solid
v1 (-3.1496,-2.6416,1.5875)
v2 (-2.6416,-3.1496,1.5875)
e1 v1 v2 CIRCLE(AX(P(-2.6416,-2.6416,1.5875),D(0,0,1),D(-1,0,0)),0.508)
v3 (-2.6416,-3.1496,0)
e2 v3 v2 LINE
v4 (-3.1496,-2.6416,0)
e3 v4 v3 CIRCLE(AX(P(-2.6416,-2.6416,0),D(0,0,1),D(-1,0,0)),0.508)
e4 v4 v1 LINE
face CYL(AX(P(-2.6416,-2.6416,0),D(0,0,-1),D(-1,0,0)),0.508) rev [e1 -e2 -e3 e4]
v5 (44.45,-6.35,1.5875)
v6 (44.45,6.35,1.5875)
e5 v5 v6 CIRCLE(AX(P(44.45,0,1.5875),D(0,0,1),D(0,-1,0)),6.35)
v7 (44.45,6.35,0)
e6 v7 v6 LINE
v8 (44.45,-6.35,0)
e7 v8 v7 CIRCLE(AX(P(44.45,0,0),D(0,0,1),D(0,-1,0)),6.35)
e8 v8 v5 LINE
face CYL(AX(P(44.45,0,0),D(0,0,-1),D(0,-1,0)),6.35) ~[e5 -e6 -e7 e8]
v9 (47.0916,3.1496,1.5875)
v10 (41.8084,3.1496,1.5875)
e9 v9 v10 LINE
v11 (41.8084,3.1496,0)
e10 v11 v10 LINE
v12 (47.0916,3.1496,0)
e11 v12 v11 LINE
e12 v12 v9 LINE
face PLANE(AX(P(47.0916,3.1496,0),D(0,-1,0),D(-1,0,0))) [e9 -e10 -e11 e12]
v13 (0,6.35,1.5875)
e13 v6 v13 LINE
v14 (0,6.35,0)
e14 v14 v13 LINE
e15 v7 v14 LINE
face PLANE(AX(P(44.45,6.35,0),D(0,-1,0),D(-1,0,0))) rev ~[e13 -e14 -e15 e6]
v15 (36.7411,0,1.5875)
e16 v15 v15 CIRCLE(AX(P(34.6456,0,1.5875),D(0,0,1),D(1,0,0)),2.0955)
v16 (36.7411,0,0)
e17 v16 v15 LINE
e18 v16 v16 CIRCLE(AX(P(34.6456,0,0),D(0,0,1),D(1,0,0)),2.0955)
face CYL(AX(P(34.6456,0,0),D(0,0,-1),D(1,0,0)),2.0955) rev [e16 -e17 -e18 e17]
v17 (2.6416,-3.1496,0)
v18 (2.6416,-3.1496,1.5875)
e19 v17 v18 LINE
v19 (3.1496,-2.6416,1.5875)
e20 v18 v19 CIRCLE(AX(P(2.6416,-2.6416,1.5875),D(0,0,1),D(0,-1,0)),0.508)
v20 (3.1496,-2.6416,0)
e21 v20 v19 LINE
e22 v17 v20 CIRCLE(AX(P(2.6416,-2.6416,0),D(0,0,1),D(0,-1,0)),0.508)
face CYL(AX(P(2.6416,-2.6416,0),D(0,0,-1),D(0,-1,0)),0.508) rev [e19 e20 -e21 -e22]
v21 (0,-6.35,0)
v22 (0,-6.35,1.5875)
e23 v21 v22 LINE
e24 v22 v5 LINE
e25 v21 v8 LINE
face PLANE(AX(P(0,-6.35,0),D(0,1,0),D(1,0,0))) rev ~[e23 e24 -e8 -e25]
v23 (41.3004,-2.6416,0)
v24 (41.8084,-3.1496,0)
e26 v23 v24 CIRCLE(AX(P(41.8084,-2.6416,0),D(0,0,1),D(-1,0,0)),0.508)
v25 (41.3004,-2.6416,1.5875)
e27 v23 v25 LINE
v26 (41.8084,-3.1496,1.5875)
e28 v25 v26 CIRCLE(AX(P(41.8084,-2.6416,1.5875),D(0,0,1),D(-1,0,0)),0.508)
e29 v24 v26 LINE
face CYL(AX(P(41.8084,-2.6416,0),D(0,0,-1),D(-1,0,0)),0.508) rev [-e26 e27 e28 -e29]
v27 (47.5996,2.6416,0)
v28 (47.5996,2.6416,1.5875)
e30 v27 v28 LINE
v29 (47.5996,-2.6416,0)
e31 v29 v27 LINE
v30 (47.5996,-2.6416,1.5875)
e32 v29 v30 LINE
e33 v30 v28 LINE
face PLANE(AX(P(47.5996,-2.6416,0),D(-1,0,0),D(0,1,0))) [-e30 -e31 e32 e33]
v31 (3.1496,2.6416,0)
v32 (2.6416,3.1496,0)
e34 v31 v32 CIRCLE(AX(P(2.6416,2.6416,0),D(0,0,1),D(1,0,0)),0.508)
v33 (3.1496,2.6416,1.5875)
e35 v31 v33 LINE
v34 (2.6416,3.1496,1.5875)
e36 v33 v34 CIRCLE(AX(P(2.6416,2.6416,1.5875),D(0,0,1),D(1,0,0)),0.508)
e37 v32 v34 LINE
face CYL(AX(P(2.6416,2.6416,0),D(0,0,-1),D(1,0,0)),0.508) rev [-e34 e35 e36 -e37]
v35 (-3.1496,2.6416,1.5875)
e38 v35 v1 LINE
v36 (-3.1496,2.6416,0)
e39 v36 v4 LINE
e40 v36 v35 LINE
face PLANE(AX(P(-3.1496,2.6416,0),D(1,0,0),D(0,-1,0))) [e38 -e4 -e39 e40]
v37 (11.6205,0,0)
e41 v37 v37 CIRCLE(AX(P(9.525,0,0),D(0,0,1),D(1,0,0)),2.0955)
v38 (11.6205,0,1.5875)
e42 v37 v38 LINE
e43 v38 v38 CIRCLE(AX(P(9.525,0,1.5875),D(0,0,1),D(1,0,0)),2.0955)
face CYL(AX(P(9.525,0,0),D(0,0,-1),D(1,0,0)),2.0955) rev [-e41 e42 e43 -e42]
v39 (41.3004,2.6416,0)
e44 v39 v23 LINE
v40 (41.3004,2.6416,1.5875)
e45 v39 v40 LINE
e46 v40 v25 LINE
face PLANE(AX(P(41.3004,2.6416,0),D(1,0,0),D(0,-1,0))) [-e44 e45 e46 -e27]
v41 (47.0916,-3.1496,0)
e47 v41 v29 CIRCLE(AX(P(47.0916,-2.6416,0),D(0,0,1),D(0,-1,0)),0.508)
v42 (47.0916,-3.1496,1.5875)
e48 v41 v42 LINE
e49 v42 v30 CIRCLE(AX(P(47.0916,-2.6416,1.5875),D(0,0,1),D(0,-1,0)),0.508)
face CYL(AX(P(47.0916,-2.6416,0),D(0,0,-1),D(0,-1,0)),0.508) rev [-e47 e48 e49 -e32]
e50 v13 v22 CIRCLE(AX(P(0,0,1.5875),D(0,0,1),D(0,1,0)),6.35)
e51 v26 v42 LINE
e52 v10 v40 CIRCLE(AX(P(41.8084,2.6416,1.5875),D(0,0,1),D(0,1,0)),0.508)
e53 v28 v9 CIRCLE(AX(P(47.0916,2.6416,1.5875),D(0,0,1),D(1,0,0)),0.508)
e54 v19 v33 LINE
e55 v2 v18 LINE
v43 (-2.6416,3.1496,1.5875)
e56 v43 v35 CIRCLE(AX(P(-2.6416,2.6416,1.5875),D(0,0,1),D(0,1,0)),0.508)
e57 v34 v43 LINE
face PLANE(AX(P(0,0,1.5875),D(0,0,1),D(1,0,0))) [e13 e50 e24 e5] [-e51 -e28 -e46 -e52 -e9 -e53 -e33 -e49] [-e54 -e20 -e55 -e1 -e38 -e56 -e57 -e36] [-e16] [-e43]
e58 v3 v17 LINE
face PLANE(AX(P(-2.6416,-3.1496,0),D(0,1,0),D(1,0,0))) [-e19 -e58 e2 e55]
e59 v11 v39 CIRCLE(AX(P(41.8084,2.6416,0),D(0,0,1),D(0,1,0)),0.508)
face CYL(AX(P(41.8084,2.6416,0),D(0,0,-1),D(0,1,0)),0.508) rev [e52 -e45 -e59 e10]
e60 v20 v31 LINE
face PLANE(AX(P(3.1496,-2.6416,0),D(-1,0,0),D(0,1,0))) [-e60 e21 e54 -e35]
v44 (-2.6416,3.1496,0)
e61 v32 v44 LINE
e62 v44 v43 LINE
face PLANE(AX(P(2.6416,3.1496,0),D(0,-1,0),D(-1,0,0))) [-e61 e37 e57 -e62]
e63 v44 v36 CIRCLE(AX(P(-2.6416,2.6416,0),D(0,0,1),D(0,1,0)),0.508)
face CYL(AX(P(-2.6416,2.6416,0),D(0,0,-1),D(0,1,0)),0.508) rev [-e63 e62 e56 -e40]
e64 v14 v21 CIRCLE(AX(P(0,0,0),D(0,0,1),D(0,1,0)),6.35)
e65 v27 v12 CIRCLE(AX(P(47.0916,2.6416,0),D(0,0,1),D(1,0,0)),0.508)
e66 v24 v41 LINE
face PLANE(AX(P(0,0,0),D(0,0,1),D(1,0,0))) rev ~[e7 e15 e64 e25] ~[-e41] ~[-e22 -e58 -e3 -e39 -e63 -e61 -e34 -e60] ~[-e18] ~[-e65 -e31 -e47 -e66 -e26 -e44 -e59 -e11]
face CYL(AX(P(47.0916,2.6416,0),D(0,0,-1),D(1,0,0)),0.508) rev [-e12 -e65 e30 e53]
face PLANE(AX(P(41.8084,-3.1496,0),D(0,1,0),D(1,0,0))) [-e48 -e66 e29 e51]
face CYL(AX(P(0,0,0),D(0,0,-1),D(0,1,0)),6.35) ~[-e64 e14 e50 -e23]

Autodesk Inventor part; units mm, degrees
ref_plane "YZ Plane" through (0, 0, 0) normal (1, 0, 0) x (0, 1, 0)
ref_plane "XZ Plane" through (0, 0, 0) normal (0, 1, 0) x (-1, 0, 0)
ref_plane "XY Plane" through (0, 0, 0) normal (0, 0, 1) x (1, 0, 0)
sketch "Sketch1" plane through (0, 0, 0) normal (0, 0, 1) x (1, 0, 0)
  arc A0 (0, 6.35) -> (0, -6.35) centre (0, 0) ccw
  arc A1 (44.45, -6.35) -> (44.45, 6.35) centre (44.45, 0) ccw
  line L0 (0, -6.35) -> (44.45, -6.35)
  line L1 (44.45, 6.35) -> (0, 6.35)
  line L2 (-2.6416, -3.1496) -> (2.6416, -3.1496)
  line L3 (3.1496, -2.6416) -> (3.1496, 2.6416)
  line L4 (2.6416, 3.1496) -> (-2.6416, 3.1496)
  line L5 (-3.1496, 2.6416) -> (-3.1496, -2.6416)
  line L6 (-3.1496, -3.1496) -> (3.1496, 3.1496) construction
  line L7 (3.1496, -3.1496) -> (-3.1496, 3.1496) construction
  line L8 (41.8084, -3.1496) -> (47.0916, -3.1496)
  line L9 (47.5996, -2.6416) -> (47.5996, 2.6416)
  line L10 (47.0916, 3.1496) -> (41.8084, 3.1496)
  line L11 (41.3004, 2.6416) -> (41.3004, -2.6416)
  line L12 (41.3004, -3.1496) -> (47.5996, 3.1496) construction
  line L13 (47.5996, -3.1496) -> (41.3004, 3.1496) construction
  arc A2 (-2.6416, 3.1496) -> (-3.1496, 2.6416) centre (-2.6416, 2.6416) ccw
  arc A3 (3.1496, 2.6416) -> (2.6416, 3.1496) centre (2.6416, 2.6416) ccw
  arc A4 (2.6416, -3.1496) -> (3.1496, -2.6416) centre (2.6416, -2.6416) ccw
  arc A5 (-3.1496, -2.6416) -> (-2.6416, -3.1496) centre (-2.6416, -2.6416) ccw
  arc A6 (47.0916, -3.1496) -> (47.5996, -2.6416) centre (47.0916, -2.6416) ccw
  arc A7 (41.3004, -2.6416) -> (41.8084, -3.1496) centre (41.8084, -2.6416) ccw
  arc A8 (41.8084, 3.1496) -> (41.3004, 2.6416) centre (41.8084, 2.6416) ccw
  arc A9 (47.5996, 2.6416) -> (47.0916, 3.1496) centre (47.0916, 2.6416) ccw
  circle A10 centre (9.525, 0) radius 2.0955
  circle A11 centre (34.6456, 0) radius 2.0955
  dimension "d2" = 12.7
  dimension "d3" = 12.7
  dimension "d5" = 6.2992
  dimension "d6" = 6.2992
  dimension "d7" = 6.2992
  dimension "d8" = 6.2992
  dimension "d9" = 0.508
  dimension "d12" = 4.191
  dimension "d13" = 4.191
extrude "Extrusion1" add sketch "Sketch1" along normal blind 1.5875
properties part number "Gearbox Mirrored" material "Acetal Resin, White"
